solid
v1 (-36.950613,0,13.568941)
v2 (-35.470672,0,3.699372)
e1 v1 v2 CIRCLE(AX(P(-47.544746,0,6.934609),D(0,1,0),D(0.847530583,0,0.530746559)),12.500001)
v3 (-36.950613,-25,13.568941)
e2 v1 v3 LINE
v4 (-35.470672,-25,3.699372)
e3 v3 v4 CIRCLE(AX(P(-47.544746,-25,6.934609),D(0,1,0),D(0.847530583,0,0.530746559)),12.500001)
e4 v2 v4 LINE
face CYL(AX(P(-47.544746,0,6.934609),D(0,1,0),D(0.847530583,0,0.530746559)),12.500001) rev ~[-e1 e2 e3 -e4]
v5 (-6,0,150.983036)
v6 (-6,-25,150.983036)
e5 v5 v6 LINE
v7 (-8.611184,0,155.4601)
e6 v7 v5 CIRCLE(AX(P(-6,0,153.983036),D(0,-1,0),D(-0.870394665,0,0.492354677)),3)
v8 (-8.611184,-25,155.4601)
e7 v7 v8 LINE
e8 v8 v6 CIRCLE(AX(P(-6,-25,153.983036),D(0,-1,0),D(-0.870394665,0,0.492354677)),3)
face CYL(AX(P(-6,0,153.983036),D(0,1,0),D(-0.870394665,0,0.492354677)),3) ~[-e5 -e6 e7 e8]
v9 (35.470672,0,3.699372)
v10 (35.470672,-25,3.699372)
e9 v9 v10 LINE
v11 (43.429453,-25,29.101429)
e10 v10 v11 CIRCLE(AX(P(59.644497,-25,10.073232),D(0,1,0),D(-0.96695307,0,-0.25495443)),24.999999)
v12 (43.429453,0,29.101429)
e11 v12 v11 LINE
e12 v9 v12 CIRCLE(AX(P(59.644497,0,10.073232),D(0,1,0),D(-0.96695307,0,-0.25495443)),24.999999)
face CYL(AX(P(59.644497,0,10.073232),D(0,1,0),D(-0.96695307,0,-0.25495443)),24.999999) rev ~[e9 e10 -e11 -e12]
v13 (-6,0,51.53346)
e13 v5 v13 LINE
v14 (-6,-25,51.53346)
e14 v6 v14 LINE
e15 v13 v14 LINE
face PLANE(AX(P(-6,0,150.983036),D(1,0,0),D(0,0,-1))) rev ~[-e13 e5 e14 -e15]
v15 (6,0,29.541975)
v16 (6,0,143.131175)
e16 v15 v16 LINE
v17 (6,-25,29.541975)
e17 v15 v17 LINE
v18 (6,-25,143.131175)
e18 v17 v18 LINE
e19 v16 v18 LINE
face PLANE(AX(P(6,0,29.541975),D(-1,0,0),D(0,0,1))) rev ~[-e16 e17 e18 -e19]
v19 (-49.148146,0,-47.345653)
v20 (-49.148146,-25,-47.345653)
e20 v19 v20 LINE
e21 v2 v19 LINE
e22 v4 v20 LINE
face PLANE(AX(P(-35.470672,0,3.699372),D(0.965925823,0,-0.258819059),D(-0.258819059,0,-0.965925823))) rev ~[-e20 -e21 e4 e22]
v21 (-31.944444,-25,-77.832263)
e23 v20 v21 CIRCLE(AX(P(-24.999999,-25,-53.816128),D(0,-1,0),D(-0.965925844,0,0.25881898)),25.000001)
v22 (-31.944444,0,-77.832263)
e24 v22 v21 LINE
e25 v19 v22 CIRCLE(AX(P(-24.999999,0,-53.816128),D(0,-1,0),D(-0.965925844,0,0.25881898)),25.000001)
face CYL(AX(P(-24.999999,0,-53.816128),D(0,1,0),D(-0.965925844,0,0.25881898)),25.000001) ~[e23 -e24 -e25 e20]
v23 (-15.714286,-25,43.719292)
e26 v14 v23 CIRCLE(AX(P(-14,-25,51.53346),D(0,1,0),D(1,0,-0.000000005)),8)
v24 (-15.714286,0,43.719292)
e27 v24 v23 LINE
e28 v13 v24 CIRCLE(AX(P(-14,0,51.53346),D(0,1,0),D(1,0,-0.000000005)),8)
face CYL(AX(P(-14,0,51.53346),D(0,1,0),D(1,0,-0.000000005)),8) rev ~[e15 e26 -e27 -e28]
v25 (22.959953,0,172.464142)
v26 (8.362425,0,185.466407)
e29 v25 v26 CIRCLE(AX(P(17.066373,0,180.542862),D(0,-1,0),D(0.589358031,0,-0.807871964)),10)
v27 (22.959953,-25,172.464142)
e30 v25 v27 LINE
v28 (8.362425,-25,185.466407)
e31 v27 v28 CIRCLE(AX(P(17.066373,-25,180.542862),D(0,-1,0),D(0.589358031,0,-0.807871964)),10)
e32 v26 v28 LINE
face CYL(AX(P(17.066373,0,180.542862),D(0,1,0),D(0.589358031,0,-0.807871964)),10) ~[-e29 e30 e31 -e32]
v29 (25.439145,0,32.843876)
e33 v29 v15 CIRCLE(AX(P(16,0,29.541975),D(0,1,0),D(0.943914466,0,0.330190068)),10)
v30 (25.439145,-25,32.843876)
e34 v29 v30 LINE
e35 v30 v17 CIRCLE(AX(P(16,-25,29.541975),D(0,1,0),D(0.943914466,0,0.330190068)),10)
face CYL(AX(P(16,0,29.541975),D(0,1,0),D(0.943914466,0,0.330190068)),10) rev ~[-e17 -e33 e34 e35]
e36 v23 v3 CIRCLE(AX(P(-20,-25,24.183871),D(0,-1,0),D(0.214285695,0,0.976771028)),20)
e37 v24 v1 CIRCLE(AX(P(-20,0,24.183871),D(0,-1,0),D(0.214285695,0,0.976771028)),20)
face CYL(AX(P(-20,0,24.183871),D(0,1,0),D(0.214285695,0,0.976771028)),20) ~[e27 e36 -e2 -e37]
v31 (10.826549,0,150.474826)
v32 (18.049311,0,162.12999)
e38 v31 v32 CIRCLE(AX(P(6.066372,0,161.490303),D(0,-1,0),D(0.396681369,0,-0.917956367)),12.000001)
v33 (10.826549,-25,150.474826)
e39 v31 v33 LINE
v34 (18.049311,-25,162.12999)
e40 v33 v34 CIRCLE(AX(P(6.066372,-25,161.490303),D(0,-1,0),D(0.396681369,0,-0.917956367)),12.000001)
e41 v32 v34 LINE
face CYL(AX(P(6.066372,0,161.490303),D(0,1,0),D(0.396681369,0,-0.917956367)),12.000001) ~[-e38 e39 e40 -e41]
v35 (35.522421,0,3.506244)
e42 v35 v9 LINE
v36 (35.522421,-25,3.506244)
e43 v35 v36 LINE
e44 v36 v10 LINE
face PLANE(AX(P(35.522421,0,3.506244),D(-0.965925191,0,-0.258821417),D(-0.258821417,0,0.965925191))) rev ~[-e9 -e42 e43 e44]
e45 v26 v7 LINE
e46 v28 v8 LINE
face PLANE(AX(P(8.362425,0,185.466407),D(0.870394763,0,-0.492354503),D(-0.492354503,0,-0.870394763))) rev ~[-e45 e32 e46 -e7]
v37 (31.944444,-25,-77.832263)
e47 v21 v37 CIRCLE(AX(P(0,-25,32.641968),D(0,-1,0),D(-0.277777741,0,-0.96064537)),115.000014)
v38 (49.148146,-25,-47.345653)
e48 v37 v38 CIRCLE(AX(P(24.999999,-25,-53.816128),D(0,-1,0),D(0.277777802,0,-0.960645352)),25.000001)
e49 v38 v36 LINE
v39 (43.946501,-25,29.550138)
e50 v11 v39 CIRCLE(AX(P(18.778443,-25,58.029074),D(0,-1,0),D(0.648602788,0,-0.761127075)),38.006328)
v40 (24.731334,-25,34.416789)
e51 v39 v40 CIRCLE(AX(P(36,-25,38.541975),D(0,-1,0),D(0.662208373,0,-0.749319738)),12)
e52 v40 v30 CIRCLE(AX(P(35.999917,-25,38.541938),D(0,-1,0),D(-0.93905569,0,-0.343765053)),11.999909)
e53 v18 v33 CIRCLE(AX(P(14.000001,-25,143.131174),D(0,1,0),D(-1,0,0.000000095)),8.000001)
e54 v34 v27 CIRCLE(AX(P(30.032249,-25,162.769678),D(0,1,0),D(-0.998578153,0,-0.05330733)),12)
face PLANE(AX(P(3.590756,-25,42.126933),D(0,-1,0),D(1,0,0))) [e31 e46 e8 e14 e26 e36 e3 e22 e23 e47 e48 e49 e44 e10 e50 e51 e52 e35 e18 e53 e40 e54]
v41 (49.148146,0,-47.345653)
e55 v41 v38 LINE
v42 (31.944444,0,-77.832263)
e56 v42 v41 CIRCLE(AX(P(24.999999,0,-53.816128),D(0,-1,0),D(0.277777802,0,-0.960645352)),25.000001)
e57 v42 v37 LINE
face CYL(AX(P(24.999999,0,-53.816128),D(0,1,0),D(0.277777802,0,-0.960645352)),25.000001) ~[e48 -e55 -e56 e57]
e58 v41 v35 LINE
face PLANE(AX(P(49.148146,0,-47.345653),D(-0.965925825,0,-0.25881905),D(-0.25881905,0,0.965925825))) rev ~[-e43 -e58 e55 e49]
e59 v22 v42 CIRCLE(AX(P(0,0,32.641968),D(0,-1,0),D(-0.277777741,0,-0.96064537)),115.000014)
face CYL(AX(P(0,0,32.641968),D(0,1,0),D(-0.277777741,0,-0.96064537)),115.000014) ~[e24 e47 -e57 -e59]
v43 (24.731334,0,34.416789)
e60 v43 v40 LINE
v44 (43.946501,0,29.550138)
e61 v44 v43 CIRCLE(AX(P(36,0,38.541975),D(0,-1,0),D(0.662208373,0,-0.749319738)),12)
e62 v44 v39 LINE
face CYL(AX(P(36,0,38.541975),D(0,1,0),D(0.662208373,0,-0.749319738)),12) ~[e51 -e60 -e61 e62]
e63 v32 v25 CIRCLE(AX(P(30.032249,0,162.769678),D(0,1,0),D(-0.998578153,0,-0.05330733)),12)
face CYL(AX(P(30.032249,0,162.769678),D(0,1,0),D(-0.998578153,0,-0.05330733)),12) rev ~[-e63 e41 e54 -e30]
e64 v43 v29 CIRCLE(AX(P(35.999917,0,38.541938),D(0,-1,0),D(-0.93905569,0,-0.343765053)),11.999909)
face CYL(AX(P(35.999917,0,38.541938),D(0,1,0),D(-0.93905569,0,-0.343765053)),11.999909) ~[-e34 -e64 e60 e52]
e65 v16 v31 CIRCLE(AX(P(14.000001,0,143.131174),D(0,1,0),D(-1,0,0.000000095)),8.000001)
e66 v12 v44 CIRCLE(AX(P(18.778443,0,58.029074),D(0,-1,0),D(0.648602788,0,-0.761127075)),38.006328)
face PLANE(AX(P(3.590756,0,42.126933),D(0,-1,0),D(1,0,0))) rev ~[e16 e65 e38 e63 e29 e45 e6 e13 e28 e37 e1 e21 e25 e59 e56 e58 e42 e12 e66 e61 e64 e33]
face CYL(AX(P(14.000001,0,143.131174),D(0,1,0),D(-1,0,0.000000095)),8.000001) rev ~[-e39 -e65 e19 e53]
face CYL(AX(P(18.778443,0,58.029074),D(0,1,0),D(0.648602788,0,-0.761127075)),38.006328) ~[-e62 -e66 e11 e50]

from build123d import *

# Parameters (mm, degrees)
F1_DEPTH = 25


with BuildPart() as f1:
    # F0 (on Front) → F1 (new body)
    with BuildSketch(Plane.XZ):
        with BuildLine():
            Line((-35.470672, 3.699372), (-49.148146, -47.345653))
            ThreePointArc((-49.148146, -47.345653), (-46.772589, -66.102477), (-31.944444, -77.832263))
            ThreePointArc((-31.944444, -77.832263), (0, -82.358046), (31.944444, -77.832263))
            ThreePointArc((31.944444, -77.832263), (46.772589, -66.102477), (49.148146, -47.345653))
            Line((49.148146, -47.345653), (35.522421, 3.506244))
            ThreePointArc((35.522421, 3.506244), (35.496354, 3.602756), (35.470672, 3.699372))
            ThreePointArc((35.470672, 3.699372), (35.788024, 17.547763), (43.429453, 29.101429))
            ThreePointArc((43.429453, 29.101429), (43.688987, 29.324619), (43.946501, 29.550138))
            ThreePointArc((43.946501, 29.550138), (38.94623, 50.174676), (24.731334, 34.416789))
            ThreePointArc((24.731334, 34.416789), (25.119215, 33.645622), (25.439145, 32.843876))
            ThreePointArc((25.439145, 32.843876), (17.674598, 19.683186), (6, 29.541975))
            Line((6, 29.541975), (6, 143.131175))
            ThreePointArc((6, 143.131175), (7.314658, 147.525057), (10.826549, 150.474826))
            ThreePointArc((10.826549, 150.474826), (16.266553, 155.169201), (18.049311, 162.12999))
            ThreePointArc((18.049311, 162.12999), (19.193699, 167.920002), (22.959953, 172.464142))
            ThreePointArc((22.959953, 172.464142), (23.717633, 188.010173), (8.362425, 185.466407))
            Line((8.362425, 185.466407), (-8.611184, 155.4601))
            ThreePointArc((-8.611184, 155.4601), (-8.591447, 152.471612), (-6, 150.983036))
            Line((-6, 150.983036), (-6, 51.53346))
            ThreePointArc((-6, 51.53346), (-8.985735, 45.29991), (-15.714286, 43.719292))
            ThreePointArc((-15.714286, 43.719292), (-36.351172, 35.70078), (-36.950613, 13.568941))
            ThreePointArc((-36.950613, 13.568941), (-35.18295, 8.788259), (-35.470672, 3.699372))
        make_face()
        with BuildLine():
            ThreePointArc((35.470672, 3.699372), (35.496354, 3.602756), (35.522421, 3.506244))
            Line((35.522421, 3.506244), (35.470672, 3.699372))
        make_face()
        with BuildLine():
            ThreePointArc((25.439145, 32.843876), (25.119215, 33.645622), (24.731334, 34.416789))
            ThreePointArc((24.731334, 34.416789), (25.056942, 33.617599), (25.439145, 32.843876))
        make_face()
    extrude(amount=F1_DEPTH)


solid = f1.part
